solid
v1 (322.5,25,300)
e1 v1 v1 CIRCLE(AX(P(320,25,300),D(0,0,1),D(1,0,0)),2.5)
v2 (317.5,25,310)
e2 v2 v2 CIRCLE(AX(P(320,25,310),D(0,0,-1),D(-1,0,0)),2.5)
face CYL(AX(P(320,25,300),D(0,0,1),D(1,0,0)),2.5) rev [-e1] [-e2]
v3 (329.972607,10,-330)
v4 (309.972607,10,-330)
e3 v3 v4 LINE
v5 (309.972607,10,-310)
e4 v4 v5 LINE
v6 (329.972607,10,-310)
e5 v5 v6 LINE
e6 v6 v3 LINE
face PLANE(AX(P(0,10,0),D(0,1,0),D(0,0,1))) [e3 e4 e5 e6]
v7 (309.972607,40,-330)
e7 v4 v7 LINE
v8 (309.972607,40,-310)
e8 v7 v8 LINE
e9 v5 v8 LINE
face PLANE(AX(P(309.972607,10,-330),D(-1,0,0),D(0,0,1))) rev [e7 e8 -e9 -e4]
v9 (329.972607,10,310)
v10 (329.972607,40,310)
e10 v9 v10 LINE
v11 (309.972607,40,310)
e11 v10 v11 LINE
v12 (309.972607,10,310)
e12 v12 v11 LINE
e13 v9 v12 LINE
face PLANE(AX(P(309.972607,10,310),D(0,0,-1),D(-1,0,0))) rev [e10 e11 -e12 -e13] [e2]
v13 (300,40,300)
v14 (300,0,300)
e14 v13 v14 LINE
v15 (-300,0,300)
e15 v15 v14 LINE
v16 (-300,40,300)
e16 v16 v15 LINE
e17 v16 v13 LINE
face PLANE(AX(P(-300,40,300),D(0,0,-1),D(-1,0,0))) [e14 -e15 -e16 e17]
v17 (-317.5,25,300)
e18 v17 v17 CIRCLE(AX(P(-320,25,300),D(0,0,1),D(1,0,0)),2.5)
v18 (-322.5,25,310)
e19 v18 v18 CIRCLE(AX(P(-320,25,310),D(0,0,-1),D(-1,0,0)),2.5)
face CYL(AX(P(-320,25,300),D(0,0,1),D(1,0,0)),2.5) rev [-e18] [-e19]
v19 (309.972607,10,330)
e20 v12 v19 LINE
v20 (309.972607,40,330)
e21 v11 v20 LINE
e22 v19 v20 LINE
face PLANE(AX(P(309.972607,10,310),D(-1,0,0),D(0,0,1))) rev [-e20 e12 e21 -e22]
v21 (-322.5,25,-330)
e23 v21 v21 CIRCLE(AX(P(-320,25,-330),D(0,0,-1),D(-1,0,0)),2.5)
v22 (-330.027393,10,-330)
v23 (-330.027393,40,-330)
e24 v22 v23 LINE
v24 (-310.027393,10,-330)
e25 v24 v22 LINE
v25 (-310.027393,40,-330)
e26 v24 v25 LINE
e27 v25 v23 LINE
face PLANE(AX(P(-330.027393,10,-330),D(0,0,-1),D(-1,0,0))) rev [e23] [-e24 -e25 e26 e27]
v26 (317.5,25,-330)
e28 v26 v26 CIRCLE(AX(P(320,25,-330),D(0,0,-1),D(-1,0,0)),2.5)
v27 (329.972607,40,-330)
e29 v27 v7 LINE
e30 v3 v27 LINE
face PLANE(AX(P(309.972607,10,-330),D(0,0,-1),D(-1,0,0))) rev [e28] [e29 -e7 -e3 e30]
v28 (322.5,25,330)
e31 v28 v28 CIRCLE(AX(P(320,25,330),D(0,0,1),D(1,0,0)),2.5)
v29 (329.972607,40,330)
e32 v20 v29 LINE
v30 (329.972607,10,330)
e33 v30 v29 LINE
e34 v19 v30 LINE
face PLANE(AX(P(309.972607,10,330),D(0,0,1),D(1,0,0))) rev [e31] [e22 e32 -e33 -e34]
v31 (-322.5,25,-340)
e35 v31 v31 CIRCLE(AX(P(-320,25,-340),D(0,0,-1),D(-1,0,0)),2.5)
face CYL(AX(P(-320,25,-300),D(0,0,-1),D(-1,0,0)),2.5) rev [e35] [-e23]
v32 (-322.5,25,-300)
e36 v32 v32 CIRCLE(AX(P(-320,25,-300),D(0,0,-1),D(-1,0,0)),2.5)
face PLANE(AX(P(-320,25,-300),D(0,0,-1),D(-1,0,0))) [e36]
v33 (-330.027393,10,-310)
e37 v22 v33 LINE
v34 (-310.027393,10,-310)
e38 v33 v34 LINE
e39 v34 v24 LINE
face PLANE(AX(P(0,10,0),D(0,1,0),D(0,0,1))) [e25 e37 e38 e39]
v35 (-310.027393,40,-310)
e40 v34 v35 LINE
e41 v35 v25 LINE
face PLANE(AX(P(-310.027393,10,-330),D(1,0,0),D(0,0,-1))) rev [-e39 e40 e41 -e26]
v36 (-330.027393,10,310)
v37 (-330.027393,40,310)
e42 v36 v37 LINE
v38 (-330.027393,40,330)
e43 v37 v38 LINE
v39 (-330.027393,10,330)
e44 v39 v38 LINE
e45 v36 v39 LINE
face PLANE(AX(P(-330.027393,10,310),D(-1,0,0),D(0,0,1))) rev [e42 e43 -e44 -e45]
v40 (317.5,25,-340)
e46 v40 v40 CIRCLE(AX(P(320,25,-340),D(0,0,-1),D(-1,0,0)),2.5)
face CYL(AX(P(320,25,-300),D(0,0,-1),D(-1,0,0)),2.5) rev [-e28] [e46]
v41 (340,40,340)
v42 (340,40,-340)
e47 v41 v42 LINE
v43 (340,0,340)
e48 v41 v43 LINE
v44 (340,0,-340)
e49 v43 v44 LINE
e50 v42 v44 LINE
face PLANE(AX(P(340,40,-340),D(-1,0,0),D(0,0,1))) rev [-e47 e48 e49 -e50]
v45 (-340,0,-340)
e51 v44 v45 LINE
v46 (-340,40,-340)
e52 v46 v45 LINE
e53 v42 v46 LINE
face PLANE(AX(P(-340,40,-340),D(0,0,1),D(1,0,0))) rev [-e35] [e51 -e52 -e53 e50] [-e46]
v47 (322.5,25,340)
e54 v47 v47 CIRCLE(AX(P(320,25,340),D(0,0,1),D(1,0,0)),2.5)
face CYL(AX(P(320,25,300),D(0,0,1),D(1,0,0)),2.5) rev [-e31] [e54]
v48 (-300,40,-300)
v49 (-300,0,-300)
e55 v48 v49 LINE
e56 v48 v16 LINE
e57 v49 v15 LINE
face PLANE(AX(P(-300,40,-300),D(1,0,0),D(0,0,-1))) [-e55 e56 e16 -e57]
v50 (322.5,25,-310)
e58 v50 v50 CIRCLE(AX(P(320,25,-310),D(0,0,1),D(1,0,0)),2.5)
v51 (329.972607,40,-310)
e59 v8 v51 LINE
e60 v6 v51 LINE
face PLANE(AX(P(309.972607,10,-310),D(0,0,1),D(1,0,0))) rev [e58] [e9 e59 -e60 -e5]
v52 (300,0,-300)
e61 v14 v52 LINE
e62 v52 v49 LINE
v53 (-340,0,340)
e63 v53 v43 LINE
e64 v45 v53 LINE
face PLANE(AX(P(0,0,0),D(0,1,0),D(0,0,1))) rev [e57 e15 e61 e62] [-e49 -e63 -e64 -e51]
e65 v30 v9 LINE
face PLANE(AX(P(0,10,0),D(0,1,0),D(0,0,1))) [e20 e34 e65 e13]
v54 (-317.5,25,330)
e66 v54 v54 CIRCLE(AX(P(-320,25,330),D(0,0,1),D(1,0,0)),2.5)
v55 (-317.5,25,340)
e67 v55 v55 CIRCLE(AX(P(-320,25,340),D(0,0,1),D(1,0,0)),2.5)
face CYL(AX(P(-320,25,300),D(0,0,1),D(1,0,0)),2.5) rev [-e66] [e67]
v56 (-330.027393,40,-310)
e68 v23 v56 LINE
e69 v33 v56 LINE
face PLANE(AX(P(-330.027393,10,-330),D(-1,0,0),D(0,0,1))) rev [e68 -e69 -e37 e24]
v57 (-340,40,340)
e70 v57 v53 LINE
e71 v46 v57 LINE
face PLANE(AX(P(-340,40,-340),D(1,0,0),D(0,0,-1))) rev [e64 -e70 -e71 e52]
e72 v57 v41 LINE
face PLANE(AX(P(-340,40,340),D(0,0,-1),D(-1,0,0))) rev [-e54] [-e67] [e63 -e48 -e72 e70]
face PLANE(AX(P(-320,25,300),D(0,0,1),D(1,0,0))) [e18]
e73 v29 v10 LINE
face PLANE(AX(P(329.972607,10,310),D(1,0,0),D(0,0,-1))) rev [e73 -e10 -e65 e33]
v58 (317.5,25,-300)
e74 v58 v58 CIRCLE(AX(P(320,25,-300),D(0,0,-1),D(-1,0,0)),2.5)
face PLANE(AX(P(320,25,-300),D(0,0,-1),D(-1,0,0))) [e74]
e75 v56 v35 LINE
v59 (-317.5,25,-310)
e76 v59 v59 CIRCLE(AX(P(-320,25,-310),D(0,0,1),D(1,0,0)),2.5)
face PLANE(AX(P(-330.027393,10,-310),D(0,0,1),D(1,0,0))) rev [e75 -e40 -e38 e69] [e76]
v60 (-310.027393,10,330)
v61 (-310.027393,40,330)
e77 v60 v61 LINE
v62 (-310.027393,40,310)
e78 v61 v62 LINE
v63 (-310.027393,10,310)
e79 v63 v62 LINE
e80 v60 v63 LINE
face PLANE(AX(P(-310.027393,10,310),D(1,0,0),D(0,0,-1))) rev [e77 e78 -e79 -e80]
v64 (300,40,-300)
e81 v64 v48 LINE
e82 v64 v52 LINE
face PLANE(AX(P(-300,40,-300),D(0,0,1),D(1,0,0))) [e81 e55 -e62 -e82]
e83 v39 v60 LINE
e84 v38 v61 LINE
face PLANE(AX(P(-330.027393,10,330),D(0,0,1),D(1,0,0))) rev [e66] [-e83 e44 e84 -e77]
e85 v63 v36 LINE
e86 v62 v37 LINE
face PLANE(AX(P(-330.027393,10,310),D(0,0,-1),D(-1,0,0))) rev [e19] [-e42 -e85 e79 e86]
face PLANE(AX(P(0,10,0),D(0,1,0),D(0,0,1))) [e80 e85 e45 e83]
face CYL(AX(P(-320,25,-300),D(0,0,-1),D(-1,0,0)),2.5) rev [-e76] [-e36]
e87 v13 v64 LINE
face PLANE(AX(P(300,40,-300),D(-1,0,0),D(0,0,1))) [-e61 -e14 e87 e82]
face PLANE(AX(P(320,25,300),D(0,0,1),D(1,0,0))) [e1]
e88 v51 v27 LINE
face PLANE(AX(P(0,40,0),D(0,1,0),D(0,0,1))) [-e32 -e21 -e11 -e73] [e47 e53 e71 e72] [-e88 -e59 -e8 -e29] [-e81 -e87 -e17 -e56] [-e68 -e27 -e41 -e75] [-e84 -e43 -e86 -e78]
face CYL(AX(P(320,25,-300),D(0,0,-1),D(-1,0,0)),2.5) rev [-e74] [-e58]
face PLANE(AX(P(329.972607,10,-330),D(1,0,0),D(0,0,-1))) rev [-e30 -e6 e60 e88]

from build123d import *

# Parameters (mm, degrees)
SKETCH1_W           = 680
SKETCH1_H           = 680
SKETCH1_W_2         = 600
SKETCH1_H_2         = 600
BOSS_EXTRUDE1_DEPTH = 40
SKETCH2_W           = 20
SKETCH2_H           = 20
CUT_EXTRUDE2_DEPTH  = 30
SKETCH3_R           = 2.5
CUT_EXTRUDE3_DEPTH  = 40
CUT_EXTRUDE4_START  = -40
SKETCH4_R           = 2.5
CUT_EXTRUDE4_DEPTH  = 40


with BuildPart() as part:
    # Sketch1 → Boss-Extrude1 (new body)
    with BuildSketch(Plane(origin=(0, 0, 0), x_dir=(1, 0, 0), z_dir=(0, 1, 0))):
        Rectangle(SKETCH1_W, SKETCH1_H)
        Rectangle(SKETCH1_W_2, SKETCH1_H_2, mode=Mode.SUBTRACT)
    extrude(amount=BOSS_EXTRUDE1_DEPTH)

    # Sketch2 → Cut-Extrude2 (cut)
    with BuildSketch(Plane(origin=(0, 40, 0), x_dir=(1, 0, 0), z_dir=(0, 1, 0))):
        with Locations((-320.027392849, 320)):
            Rectangle(SKETCH2_W, SKETCH2_H)
        with Locations((319.972607151, 320)):
            Rectangle(SKETCH2_W, SKETCH2_H)
        with Locations((319.972607151, -320)):
            Rectangle(SKETCH2_W, SKETCH2_H)
        with Locations((-320.027392849, -320)):
            Rectangle(SKETCH2_W, SKETCH2_H)
    extrude(amount=-CUT_EXTRUDE2_DEPTH, mode=Mode.SUBTRACT)

    # Sketch3 → Cut-Extrude3 (cut)
    with BuildSketch(Plane(origin=(0, 0, -340), x_dir=(-1, 0, 0), z_dir=(0, 0, -1))):
        with Locations((320, 25)):
            Circle(SKETCH3_R)
        with Locations((-320, 25)):
            Circle(SKETCH3_R)
    extrude(amount=-CUT_EXTRUDE3_DEPTH, mode=Mode.SUBTRACT)

    # Sketch4 → Cut-Extrude4 (cut)
    with BuildSketch(Plane.XY.offset(340).offset(CUT_EXTRUDE4_START)):
        with Locations(Location((-320, 25, 0), (0, 0, 180))):
            Circle(SKETCH4_R)
        with Locations(Location((320, 25, 0), (0, 0, 180))):
            Circle(SKETCH4_R)
    extrude(amount=CUT_EXTRUDE4_DEPTH, mode=Mode.SUBTRACT)


solid = part.part
